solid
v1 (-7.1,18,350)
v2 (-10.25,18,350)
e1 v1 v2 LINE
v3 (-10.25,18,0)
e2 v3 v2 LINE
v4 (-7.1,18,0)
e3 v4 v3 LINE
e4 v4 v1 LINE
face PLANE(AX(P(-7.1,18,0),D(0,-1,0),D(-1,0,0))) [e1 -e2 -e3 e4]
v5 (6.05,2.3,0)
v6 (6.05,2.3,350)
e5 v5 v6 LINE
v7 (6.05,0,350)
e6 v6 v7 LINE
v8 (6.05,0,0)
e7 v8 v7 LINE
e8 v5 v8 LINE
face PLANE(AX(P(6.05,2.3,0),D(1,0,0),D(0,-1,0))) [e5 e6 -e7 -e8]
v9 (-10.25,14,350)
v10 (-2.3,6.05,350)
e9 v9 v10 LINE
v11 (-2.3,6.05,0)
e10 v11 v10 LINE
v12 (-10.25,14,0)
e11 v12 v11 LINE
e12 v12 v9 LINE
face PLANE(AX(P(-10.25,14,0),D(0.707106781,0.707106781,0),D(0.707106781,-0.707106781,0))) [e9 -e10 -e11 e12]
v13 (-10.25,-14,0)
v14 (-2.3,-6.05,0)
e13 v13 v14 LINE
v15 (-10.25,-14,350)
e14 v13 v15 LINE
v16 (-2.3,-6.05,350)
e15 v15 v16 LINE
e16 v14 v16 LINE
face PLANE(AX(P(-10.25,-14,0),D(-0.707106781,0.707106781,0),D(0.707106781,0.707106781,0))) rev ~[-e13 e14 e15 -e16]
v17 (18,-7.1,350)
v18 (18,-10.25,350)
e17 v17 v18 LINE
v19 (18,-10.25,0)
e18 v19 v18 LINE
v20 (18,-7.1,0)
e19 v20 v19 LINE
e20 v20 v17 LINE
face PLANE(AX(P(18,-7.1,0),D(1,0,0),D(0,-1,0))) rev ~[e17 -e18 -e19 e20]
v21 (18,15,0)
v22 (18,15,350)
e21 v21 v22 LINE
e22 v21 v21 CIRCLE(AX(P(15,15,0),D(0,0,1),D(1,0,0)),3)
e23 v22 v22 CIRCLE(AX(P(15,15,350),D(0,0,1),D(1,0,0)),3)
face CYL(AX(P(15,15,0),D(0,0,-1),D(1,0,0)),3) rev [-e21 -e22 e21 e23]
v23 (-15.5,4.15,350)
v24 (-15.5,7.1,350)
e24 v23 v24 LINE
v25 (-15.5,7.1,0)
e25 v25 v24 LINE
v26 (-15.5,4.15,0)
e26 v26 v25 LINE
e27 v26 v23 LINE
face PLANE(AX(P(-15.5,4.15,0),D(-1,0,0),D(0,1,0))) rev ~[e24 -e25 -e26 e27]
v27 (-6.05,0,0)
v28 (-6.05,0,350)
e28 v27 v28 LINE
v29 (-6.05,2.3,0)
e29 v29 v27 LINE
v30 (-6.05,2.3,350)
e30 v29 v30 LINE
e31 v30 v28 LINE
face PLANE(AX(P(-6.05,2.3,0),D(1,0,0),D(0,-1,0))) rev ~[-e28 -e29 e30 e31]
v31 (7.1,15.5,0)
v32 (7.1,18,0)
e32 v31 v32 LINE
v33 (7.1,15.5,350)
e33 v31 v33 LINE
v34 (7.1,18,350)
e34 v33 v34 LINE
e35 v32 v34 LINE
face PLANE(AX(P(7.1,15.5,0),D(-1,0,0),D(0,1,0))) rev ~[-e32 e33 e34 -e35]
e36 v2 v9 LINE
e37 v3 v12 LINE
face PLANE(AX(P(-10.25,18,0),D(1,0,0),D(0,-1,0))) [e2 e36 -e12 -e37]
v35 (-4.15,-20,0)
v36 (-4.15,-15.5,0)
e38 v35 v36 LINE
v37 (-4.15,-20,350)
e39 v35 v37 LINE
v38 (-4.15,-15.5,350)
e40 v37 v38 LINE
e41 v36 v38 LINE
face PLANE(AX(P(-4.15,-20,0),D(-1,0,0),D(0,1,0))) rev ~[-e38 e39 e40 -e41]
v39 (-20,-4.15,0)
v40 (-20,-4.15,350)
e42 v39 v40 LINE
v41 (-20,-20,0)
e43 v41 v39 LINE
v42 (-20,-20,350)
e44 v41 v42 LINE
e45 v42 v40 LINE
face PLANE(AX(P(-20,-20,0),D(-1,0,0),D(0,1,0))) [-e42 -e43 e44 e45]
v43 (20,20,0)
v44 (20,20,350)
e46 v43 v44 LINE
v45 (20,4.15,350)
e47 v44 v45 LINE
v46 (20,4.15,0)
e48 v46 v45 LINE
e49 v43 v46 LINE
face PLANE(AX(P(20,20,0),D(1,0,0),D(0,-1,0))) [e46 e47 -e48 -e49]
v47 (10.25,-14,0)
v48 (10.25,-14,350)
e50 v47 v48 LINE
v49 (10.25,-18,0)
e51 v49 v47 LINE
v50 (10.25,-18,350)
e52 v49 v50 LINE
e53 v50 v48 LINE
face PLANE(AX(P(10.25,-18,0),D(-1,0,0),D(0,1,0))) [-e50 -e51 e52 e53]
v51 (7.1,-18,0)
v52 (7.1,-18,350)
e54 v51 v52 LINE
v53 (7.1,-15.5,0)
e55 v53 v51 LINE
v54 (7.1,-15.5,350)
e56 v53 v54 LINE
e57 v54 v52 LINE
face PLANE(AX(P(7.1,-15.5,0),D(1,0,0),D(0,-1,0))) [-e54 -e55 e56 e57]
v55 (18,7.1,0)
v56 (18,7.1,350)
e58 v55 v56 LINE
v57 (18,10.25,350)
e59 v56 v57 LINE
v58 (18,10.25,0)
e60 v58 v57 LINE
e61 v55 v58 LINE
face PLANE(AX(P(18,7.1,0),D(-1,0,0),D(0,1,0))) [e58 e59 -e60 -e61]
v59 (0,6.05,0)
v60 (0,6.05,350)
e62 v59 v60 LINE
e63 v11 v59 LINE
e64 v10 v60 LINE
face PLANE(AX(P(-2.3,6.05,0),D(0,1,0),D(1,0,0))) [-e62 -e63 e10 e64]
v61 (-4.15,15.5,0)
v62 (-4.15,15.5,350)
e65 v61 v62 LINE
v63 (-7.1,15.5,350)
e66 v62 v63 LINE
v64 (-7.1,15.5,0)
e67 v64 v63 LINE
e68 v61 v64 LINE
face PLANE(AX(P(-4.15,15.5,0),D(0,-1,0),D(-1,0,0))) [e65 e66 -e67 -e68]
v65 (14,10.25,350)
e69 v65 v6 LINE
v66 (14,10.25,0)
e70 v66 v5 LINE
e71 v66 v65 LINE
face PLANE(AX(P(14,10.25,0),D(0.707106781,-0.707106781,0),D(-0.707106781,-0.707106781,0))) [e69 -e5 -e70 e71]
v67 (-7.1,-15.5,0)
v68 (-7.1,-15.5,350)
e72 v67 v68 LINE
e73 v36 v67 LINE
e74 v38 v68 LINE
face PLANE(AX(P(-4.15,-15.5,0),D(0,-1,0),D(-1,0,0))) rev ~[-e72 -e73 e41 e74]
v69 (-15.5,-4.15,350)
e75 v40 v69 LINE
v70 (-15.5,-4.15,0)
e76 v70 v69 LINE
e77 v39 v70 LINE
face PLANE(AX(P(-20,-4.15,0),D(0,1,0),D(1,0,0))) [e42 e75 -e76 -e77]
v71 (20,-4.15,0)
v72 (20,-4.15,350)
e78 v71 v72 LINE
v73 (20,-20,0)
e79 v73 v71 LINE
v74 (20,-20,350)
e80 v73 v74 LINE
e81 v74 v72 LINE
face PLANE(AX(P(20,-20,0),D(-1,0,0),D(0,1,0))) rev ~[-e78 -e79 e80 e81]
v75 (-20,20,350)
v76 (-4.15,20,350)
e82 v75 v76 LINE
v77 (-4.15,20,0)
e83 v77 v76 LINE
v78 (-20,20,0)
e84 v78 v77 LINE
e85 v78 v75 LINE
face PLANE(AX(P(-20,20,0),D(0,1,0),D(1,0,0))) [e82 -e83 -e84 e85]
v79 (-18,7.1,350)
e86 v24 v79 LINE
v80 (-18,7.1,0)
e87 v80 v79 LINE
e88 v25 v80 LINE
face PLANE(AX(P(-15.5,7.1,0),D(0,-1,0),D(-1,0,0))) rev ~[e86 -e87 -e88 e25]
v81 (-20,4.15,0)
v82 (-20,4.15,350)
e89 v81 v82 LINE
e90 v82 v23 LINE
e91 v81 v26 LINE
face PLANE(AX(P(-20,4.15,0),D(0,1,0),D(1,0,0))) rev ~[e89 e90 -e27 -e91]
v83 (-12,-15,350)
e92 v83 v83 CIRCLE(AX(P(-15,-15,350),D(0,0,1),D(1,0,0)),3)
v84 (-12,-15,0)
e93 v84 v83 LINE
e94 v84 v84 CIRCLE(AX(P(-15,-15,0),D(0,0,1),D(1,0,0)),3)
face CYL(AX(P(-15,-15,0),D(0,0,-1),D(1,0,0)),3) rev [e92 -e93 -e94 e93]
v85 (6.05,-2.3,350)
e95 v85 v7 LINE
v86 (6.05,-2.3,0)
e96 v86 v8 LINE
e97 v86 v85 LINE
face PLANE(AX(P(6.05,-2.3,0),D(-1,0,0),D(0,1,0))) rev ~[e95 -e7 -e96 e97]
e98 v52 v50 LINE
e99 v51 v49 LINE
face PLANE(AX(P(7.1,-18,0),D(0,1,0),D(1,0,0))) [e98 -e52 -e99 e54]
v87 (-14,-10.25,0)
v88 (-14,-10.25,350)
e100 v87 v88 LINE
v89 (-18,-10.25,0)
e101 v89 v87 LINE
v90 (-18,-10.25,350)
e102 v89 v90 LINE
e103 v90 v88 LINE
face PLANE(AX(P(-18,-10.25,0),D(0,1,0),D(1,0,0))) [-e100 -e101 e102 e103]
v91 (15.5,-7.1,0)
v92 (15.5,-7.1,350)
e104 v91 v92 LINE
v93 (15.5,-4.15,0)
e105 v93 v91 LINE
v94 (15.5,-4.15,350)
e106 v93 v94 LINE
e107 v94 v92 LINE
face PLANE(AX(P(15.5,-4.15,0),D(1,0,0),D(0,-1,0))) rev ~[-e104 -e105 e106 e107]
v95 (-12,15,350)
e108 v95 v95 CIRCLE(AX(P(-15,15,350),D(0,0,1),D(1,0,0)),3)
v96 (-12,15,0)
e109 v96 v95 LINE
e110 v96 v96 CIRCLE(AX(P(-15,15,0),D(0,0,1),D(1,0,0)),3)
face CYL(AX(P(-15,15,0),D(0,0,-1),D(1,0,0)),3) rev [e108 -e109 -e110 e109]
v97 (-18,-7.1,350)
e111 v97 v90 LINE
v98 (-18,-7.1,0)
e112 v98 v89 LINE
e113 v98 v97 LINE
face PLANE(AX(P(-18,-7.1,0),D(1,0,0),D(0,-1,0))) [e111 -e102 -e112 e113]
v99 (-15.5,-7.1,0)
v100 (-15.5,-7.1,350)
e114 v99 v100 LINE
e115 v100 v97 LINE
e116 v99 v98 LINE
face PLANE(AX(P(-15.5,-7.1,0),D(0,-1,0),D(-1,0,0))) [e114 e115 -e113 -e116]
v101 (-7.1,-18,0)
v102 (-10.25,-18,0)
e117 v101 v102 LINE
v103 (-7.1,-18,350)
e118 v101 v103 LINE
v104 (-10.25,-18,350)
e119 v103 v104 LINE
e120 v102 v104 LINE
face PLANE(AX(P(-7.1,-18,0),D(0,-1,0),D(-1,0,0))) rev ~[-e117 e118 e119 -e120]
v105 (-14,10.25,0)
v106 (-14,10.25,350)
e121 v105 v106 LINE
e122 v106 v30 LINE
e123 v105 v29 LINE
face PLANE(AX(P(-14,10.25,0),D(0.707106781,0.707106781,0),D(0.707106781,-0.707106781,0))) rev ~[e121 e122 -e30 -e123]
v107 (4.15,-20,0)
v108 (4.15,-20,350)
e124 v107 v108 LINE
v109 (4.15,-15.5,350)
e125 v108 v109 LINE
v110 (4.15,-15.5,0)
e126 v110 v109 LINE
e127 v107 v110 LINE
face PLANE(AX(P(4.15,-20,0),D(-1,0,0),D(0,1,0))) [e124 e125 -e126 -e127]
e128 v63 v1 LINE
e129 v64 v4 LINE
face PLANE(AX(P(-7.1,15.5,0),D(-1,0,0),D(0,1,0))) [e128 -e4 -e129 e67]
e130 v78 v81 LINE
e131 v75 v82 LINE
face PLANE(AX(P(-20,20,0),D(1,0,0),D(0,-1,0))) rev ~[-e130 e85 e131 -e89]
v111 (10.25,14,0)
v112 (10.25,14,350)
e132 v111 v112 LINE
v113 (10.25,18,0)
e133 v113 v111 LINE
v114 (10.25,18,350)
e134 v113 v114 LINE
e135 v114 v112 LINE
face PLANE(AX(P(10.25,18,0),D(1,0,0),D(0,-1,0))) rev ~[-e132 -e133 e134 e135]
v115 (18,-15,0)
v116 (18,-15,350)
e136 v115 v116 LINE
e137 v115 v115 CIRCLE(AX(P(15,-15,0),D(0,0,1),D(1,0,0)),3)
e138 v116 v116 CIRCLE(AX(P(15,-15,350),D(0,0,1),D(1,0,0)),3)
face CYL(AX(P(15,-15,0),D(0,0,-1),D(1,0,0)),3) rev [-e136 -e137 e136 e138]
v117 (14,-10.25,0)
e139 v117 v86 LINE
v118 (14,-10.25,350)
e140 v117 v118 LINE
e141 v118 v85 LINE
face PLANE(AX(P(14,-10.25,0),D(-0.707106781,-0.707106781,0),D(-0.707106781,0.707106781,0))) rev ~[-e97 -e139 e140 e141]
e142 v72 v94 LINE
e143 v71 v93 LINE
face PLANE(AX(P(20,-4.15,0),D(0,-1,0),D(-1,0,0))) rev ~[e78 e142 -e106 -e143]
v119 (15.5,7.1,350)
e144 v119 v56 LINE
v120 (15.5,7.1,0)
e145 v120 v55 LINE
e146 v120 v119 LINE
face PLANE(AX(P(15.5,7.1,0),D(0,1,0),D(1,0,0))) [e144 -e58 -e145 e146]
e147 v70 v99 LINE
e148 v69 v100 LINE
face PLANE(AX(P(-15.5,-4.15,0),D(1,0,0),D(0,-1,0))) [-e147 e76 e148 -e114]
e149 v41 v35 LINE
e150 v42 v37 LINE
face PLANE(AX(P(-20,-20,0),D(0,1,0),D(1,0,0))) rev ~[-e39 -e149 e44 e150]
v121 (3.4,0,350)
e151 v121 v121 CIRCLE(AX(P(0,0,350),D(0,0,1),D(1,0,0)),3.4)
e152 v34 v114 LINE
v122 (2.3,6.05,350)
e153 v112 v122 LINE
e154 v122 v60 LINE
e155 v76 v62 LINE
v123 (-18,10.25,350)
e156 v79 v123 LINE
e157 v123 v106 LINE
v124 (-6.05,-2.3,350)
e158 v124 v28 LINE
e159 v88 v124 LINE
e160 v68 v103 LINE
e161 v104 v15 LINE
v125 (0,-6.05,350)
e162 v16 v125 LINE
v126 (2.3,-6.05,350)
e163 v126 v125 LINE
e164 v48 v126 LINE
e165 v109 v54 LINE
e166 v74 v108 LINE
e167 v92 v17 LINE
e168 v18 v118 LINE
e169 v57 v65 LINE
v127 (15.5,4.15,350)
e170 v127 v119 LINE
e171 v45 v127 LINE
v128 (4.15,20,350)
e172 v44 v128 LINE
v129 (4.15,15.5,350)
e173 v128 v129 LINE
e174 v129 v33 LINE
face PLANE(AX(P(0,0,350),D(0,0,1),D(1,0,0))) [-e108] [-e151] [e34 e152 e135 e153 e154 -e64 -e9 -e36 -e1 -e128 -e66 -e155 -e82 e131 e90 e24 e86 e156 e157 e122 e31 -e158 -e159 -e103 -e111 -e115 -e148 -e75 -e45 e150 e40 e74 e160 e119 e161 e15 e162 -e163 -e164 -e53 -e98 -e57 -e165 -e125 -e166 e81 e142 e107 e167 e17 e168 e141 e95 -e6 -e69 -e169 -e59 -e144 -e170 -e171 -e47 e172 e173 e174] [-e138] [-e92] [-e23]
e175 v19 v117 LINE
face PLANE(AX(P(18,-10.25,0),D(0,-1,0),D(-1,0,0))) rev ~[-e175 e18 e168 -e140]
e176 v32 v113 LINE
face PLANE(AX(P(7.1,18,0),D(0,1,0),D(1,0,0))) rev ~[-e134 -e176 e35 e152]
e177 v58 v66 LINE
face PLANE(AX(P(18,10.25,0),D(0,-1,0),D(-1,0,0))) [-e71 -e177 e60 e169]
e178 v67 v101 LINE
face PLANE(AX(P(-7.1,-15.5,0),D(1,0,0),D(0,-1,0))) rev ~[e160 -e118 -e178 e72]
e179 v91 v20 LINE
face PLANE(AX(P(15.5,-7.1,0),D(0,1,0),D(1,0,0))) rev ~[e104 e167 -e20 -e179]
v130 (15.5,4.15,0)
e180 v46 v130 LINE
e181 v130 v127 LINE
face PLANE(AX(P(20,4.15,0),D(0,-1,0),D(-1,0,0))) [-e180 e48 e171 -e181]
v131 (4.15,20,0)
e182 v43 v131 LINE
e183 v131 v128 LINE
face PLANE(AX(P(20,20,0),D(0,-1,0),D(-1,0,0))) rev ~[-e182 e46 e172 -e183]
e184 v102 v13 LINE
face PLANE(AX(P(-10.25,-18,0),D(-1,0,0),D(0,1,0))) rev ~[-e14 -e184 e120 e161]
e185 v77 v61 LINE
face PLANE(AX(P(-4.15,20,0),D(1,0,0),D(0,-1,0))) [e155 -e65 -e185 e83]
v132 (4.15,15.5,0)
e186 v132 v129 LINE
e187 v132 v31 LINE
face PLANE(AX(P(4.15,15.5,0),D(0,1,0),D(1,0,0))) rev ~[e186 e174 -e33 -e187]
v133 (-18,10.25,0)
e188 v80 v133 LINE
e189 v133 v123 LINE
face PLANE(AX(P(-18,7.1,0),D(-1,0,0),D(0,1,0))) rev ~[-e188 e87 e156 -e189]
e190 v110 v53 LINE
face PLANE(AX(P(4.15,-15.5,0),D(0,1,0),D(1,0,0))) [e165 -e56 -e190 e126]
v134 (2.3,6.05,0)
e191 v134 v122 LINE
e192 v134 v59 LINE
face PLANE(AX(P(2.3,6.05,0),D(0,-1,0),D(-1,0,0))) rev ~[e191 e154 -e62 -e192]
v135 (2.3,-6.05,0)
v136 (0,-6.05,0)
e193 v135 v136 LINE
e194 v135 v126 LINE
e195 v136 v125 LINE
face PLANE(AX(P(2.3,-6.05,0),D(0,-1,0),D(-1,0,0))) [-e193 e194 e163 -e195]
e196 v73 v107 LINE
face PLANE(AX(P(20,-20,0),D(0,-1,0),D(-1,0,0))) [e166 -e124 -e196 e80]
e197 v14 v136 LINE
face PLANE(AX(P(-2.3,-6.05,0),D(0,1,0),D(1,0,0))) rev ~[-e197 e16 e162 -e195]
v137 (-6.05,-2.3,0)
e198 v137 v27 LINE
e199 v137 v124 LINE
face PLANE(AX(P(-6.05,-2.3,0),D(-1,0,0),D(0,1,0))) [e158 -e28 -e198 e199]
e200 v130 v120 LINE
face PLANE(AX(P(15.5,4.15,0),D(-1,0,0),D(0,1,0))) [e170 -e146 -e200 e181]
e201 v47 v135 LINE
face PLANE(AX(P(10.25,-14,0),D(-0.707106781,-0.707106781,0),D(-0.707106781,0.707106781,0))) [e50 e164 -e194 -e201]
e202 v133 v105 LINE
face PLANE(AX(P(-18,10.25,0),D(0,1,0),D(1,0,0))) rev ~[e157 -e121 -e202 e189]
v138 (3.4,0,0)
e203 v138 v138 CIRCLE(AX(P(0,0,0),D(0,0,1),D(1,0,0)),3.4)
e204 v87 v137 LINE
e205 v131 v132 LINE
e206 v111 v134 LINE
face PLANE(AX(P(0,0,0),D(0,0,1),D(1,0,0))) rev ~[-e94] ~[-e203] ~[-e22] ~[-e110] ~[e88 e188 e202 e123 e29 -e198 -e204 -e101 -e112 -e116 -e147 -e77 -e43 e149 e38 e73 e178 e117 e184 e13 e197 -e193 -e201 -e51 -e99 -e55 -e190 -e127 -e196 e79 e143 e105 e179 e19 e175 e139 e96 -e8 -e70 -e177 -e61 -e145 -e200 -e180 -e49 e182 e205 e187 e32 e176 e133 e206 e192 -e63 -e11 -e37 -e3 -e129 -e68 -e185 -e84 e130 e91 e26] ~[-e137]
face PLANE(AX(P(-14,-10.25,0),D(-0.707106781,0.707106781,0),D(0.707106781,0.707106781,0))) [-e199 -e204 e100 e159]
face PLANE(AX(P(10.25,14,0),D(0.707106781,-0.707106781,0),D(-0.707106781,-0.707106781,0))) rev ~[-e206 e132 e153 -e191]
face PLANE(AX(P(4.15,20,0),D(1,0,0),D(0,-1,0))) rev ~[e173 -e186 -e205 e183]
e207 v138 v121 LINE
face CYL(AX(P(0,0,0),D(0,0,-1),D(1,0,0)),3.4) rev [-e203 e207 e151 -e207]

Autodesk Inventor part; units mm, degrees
ref_plane "YZ Plane" through (0, 0, 0) normal (1, 0, 0) x (0, 1, 0)
ref_plane "XZ Plane" through (0, 0, 0) normal (0, 1, 0) x (-1, 0, 0)
sketch "Sketch1" plane through (0, 0, 0) normal (0, 0, 1) x (1, 0, 0)
  circle A0 centre (0, 0) radius 3.4
  line L0 (0, 0) -> (20, 20) construction
  line L1 (0, 0) -> (28.2843, 0) construction
  line L2 (20, 20) -> (4.15, 20)
  line L3 (4.15, 20) -> (4.15, 15.5)
  line L4 (4.15, 15.5) -> (7.1, 15.5)
  line L5 (7.1, 15.5) -> (7.1, 18)
  line L6 (7.1, 18) -> (10.25, 18)
  line L7 (10.25, 18) -> (10.25, 14)
  line L8 (0, 0) -> (0, 26.1056) construction
  line L9 (10.25, 14) -> (2.3, 6.05)
  line L10 (2.3, 6.05) -> (0, 6.05)
  circle A1 centre (15, 15) radius 3
  line L11 (20, 20) -> (20, 4.15)
  line L12 (20, 4.15) -> (15.5, 4.15)
  line L13 (15.5, 4.15) -> (15.5, 7.1)
  line L14 (15.5, 7.1) -> (18, 7.1)
  line L15 (18, 7.1) -> (18, 10.25)
  line L16 (18, 10.25) -> (14, 10.25)
  line L17 (14, 10.25) -> (6.05, 2.3)
  line L18 (6.05, 2.3) -> (6.05, 0)
  line L19 (-2.3, 6.05) -> (0, 6.05)
  line L20 (-10.25, 14) -> (-2.3, 6.05)
  line L21 (-10.25, 18) -> (-10.25, 14)
  line L22 (-4.15, 15.5) -> (-7.1, 15.5)
  line L23 (-7.1, 15.5) -> (-7.1, 18)
  line L24 (-7.1, 18) -> (-10.25, 18)
  line L25 (-4.15, 20) -> (-4.15, 15.5)
  line L26 (-20, 20) -> (-4.15, 20)
  circle A2 centre (-15, 15) radius 3
  line L27 (-20, 20) -> (-20, 4.15)
  line L28 (-14, 10.25) -> (-6.05, 2.3)
  line L29 (-18, 7.1) -> (-18, 10.25)
  line L30 (-18, 10.25) -> (-14, 10.25)
  line L31 (-20, 4.15) -> (-15.5, 4.15)
  line L32 (-15.5, 4.15) -> (-15.5, 7.1)
  line L33 (-15.5, 7.1) -> (-18, 7.1)
  line L34 (-6.05, 2.3) -> (-6.05, 0)
  line L35 (-6.05, -2.3) -> (-6.05, 0)
  line L36 (-14, -10.25) -> (-6.05, -2.3)
  line L37 (-18, -10.25) -> (-14, -10.25)
  line L38 (-15.5, -4.15) -> (-15.5, -7.1)
  line L39 (-15.5, -7.1) -> (-18, -7.1)
  line L40 (-18, -7.1) -> (-18, -10.25)
  line L41 (-20, -4.15) -> (-15.5, -4.15)
  line L42 (-20, -20) -> (-20, -4.15)
  circle A3 centre (-15, -15) radius 3
  line L43 (-20, -20) -> (-4.15, -20)
  line L44 (-10.25, -14) -> (-2.3, -6.05)
  line L45 (-7.1, -18) -> (-10.25, -18)
  line L46 (-10.25, -18) -> (-10.25, -14)
  line L47 (-4.15, -20) -> (-4.15, -15.5)
  line L48 (-4.15, -15.5) -> (-7.1, -15.5)
  line L49 (-7.1, -15.5) -> (-7.1, -18)
  line L50 (-2.3, -6.05) -> (0, -6.05)
  line L51 (2.3, -6.05) -> (0, -6.05)
  line L52 (10.25, -14) -> (2.3, -6.05)
  line L53 (10.25, -18) -> (10.25, -14)
  line L54 (4.15, -15.5) -> (7.1, -15.5)
  line L55 (7.1, -15.5) -> (7.1, -18)
  line L56 (7.1, -18) -> (10.25, -18)
  line L57 (4.15, -20) -> (4.15, -15.5)
  line L58 (20, -20) -> (4.15, -20)
  circle A4 centre (15, -15) radius 3
  line L59 (20, -20) -> (20, -4.15)
  line L60 (14, -10.25) -> (6.05, -2.3)
  line L61 (18, -7.1) -> (18, -10.25)
  line L62 (18, -10.25) -> (14, -10.25)
  line L63 (20, -4.15) -> (15.5, -4.15)
  line L64 (15.5, -4.15) -> (15.5, -7.1)
  line L65 (15.5, -7.1) -> (18, -7.1)
  line L66 (6.05, -2.3) -> (6.05, 0)
  point P0 (0, 6.05)
  point P1 (-6.05, 0)
  point P2 (0, -6.05)
  dimension "d0" = 6.8
  dimension "d1" = 45
  dimension "d2" = 20
  dimension "d3" = 6
  dimension "d4" = 15
  dimension "d5" = 10.25
  dimension "d6" = 7.1
  dimension "d7" = 4.15
  dimension "d8" = 4.5
  dimension "d9" = 2
  dimension "d10" = 13.95
  dimension "d11" = 6
  dimension "d14" = 360
extrude "Extrusion1" add sketch "Sketch1" along normal blind 350
ref_plane "Work Plane1" through (0, 0, 175) normal (0, 0, 1) x (1, 0, 0)
properties part number "Aluminum_Profile_4040_100.14mm_bottom" material "Aluminum 6061-AHC"
